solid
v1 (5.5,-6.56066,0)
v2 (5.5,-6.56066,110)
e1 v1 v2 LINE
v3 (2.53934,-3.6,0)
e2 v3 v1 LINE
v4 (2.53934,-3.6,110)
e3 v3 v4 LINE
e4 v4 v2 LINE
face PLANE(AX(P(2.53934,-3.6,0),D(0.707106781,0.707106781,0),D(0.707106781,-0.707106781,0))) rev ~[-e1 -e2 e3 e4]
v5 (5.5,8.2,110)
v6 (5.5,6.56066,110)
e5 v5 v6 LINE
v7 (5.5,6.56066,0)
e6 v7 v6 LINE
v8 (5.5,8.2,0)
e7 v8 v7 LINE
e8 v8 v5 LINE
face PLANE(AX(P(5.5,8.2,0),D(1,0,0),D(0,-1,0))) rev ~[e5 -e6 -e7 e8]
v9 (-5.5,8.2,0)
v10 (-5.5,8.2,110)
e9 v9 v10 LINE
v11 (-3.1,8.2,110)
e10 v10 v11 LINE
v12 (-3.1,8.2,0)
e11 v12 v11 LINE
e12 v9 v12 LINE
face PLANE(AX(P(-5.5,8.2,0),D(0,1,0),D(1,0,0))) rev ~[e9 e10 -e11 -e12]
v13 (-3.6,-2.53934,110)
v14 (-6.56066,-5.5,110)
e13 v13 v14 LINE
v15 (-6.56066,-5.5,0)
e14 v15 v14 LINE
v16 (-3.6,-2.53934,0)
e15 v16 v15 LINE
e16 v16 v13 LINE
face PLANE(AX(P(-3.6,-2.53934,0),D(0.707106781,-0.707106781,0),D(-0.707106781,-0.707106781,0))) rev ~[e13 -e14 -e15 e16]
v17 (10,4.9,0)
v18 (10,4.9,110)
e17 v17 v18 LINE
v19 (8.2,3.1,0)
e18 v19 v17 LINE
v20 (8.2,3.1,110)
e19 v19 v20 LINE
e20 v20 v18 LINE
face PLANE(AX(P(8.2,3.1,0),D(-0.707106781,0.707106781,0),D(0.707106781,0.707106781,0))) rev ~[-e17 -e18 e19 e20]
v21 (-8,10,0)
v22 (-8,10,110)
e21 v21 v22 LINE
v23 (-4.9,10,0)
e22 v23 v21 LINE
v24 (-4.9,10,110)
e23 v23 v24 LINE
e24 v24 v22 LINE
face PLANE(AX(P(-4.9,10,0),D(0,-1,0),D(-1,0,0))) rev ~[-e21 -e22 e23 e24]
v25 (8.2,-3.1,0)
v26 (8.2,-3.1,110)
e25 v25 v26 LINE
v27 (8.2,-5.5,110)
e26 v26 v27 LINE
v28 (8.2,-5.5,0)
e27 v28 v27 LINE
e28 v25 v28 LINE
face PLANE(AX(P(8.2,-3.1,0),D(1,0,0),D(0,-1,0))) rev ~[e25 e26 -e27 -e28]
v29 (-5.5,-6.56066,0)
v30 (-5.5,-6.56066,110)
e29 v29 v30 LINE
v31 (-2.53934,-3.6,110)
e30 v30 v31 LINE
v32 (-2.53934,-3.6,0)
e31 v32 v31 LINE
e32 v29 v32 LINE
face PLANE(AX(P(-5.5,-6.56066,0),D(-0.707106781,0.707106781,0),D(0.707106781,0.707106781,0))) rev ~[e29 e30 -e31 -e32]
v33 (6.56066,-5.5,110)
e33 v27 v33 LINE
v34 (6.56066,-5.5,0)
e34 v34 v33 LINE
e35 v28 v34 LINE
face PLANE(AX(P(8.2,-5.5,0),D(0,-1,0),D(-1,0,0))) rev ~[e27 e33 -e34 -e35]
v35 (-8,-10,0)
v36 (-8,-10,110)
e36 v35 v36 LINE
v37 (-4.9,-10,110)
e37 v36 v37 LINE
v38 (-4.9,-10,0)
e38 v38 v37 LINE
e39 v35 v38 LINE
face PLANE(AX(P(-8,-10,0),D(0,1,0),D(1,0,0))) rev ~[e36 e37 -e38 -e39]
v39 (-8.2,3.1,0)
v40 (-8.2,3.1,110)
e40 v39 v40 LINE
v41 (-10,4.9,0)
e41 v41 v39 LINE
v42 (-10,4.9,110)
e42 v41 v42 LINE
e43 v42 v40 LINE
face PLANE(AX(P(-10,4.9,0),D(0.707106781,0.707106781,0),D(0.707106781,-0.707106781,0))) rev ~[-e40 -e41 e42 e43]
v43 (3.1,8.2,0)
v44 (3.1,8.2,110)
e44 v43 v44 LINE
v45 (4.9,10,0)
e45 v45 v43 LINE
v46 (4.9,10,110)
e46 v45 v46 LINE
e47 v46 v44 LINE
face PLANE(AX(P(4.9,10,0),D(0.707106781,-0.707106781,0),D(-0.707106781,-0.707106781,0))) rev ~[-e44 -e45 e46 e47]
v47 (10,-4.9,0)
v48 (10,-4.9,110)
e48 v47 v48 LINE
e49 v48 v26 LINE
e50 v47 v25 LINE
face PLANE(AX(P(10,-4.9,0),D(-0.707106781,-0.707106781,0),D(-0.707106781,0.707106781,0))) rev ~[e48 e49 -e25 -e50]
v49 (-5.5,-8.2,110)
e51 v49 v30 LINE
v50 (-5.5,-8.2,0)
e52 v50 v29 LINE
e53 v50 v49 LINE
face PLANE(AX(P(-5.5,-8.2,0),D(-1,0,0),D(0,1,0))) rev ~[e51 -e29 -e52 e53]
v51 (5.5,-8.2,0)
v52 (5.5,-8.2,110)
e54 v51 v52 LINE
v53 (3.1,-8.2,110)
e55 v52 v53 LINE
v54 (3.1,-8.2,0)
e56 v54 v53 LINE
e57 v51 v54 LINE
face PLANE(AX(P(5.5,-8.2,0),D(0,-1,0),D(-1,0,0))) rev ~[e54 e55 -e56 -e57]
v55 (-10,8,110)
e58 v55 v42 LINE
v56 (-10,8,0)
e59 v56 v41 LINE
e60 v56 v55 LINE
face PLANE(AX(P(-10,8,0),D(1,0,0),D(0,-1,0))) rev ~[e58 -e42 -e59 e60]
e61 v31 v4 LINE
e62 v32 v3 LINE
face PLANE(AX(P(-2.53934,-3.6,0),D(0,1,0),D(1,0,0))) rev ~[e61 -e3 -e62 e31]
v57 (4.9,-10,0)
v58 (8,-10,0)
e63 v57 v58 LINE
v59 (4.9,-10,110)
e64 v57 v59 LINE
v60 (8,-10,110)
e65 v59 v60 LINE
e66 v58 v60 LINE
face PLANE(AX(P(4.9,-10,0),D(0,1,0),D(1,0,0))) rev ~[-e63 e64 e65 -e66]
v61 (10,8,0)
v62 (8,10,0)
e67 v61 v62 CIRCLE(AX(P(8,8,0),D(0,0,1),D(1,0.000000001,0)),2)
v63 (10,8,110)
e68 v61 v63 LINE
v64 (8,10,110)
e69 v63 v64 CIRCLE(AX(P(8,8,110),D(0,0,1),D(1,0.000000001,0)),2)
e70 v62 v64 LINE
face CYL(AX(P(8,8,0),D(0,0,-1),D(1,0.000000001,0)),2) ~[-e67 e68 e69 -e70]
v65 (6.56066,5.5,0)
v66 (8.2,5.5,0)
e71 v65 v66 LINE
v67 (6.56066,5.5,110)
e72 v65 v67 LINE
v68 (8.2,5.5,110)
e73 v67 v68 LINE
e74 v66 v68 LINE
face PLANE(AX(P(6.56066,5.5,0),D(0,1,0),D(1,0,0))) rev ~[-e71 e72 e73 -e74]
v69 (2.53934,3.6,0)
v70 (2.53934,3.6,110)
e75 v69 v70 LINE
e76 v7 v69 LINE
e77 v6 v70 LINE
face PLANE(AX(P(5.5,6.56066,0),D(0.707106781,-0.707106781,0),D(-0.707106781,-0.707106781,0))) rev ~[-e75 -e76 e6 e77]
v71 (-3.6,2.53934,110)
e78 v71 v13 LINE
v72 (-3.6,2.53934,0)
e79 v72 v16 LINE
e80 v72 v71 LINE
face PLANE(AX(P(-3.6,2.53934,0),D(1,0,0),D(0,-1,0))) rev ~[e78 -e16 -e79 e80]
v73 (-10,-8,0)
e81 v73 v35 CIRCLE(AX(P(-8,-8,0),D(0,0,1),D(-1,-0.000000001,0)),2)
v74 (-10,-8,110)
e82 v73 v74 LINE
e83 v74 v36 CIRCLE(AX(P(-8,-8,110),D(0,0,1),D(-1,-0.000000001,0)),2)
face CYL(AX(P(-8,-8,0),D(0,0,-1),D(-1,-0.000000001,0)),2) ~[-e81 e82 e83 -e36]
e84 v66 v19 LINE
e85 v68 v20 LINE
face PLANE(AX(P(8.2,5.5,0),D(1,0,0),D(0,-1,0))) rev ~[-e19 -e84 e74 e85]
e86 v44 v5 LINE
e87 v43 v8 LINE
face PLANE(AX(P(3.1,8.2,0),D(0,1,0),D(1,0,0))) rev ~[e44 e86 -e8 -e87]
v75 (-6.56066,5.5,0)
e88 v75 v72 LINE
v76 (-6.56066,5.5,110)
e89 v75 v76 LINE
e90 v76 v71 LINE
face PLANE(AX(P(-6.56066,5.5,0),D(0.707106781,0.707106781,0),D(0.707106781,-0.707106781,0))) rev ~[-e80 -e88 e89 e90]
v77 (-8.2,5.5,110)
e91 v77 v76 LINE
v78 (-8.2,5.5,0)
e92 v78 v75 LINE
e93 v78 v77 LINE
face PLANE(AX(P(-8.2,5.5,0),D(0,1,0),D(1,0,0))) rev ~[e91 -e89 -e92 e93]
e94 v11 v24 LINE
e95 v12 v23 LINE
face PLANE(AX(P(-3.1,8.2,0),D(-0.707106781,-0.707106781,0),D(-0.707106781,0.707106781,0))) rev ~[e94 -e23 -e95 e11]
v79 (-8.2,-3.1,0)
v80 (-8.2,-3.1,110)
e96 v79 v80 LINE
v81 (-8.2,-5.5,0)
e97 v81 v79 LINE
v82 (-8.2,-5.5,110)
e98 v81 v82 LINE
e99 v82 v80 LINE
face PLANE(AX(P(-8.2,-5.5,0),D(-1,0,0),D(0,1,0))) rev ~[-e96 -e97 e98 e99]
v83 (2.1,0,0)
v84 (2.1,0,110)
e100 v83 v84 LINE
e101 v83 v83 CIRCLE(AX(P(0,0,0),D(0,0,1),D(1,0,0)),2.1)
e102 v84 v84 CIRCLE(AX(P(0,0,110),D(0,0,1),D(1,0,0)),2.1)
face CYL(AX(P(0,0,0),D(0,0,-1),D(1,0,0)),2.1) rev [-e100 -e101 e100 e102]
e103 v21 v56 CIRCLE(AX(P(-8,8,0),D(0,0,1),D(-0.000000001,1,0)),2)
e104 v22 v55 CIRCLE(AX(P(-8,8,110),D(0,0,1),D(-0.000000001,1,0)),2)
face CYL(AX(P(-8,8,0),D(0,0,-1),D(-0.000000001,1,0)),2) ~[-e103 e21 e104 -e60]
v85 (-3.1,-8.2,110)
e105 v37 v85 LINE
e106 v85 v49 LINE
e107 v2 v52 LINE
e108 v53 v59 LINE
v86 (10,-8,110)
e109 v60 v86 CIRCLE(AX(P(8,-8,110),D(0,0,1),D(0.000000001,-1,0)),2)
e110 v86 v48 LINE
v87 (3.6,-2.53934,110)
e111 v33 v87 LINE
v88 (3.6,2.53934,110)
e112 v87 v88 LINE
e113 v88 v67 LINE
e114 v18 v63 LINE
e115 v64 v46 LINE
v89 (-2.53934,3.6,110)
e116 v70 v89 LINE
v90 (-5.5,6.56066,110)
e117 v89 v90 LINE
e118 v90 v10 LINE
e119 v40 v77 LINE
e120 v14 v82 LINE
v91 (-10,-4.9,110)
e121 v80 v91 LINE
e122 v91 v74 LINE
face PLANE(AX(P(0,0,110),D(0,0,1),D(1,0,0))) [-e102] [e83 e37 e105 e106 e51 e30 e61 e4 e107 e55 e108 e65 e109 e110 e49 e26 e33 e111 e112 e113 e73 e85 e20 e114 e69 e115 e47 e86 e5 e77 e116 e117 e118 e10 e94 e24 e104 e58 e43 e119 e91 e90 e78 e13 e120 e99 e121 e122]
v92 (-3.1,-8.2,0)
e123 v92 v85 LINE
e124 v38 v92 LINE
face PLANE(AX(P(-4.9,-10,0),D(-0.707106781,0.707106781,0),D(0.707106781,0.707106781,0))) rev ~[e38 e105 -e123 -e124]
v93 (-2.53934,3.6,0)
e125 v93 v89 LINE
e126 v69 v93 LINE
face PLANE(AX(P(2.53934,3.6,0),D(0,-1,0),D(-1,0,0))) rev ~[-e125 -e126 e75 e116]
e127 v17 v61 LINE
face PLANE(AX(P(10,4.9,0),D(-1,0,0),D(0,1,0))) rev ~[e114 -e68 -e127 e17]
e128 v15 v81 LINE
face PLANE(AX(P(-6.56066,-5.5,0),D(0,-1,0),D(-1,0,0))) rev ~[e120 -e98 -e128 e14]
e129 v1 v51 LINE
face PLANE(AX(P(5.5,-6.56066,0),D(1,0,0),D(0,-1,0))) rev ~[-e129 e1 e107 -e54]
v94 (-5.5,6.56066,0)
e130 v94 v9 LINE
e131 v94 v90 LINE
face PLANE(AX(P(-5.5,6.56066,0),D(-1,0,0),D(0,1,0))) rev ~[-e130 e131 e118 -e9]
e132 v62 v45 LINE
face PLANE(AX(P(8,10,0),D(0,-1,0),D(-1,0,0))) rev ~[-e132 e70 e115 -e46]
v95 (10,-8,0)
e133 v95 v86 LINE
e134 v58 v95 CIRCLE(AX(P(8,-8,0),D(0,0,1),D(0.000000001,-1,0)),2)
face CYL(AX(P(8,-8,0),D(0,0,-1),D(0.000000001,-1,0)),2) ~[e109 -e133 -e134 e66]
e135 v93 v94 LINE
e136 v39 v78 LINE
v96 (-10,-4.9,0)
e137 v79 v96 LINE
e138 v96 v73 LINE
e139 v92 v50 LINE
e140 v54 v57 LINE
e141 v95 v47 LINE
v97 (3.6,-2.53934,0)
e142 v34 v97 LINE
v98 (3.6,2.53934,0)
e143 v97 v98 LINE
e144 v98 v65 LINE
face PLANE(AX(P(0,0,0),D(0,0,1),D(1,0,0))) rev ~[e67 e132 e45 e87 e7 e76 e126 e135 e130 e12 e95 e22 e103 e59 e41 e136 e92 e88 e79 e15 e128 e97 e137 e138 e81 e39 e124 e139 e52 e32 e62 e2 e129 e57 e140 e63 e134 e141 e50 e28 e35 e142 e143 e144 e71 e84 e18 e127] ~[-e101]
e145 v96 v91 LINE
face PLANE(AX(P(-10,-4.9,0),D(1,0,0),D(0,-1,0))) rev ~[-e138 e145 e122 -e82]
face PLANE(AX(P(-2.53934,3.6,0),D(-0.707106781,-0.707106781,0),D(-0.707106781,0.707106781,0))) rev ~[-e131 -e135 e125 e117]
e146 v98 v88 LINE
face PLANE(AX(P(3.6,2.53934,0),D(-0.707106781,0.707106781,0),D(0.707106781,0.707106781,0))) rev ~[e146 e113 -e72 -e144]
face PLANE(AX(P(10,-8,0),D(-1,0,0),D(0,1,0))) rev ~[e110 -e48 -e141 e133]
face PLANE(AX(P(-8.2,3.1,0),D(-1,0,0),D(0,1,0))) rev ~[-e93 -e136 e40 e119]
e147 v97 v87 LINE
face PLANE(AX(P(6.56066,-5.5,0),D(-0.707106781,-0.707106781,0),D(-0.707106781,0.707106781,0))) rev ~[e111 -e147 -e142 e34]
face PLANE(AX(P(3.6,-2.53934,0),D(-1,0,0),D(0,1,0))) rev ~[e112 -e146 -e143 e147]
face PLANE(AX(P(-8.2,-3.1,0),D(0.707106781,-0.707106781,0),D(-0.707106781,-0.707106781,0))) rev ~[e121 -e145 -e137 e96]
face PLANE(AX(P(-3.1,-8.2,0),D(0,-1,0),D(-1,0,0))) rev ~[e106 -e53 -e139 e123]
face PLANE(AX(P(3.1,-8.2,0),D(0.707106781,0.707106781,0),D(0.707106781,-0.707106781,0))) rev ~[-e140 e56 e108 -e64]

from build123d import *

# Parameters (mm, degrees)
SKETCH1_R           = 2.1
BOSS_EXTRUDE1_DEPTH = 110


with BuildPart() as part:
    # Sketch1 → Boss-Extrude1 (new body)
    with BuildSketch(Plane.XY):
        with BuildLine():
            Line((-4.9, -10), (-3.1, -8.2))
            Line((-3.1, -8.2), (-5.5, -8.2))
            Line((-5.5, -8.2), (-5.5, -6.560660172))
            Line((-5.5, -6.560660172), (-2.539339828, -3.6))
            Line((-2.539339828, -3.6), (2.539339828, -3.6))
            Line((2.539339828, -3.6), (5.5, -6.560660172))
            Line((5.5, -6.560660172), (5.5, -8.2))
            Line((5.5, -8.2), (3.1, -8.2))
            Line((3.1, -8.2), (4.9, -10))
            Line((4.9, -10), (8, -10))
            ThreePointArc((8, -10), (9.414213562, -9.414213562), (10, -8))
            Line((10, -8), (10, -4.9))
            Line((10, -4.9), (8.2, -3.1))
            Line((8.2, -3.1), (8.2, -5.5))
            Line((8.2, -5.5), (6.560660172, -5.5))
            Line((6.560660172, -5.5), (3.6, -2.539339828))
            Line((3.6, -2.539339828), (3.6, 2.539339828))
            Line((3.6, 2.539339828), (6.560660172, 5.5))
            Line((6.560660172, 5.5), (8.2, 5.5))
            Line((8.2, 5.5), (8.2, 3.1))
            Line((8.2, 3.1), (10, 4.9))
            Line((10, 4.9), (10, 8))
            ThreePointArc((10, 8), (9.414213562, 9.414213562), (8, 10))
            Line((8, 10), (4.9, 10))
            Line((4.9, 10), (3.1, 8.2))
            Line((3.1, 8.2), (5.5, 8.2))
            Line((5.5, 8.2), (5.5, 6.560660172))
            Line((5.5, 6.560660172), (2.539339828, 3.6))
            Line((2.539339828, 3.6), (-2.539339828, 3.6))
            Line((-2.539339828, 3.6), (-5.5, 6.560660172))
            Line((-5.5, 6.560660172), (-5.5, 8.2))
            Line((-5.5, 8.2), (-3.1, 8.2))
            Line((-3.1, 8.2), (-4.9, 10))
            Line((-4.9, 10), (-8, 10))
            ThreePointArc((-8, 10), (-9.414213562, 9.414213562), (-10, 8))
            Line((-10, 8), (-10, 4.9))
            Line((-10, 4.9), (-8.2, 3.1))
            Line((-8.2, 3.1), (-8.2, 5.5))
            Line((-8.2, 5.5), (-6.560660172, 5.5))
            Line((-6.560660172, 5.5), (-3.6, 2.539339828))
            Line((-3.6, 2.539339828), (-3.6, -2.539339828))
            Line((-3.6, -2.539339828), (-6.560660172, -5.5))
            Line((-6.560660172, -5.5), (-8.2, -5.5))
            Line((-8.2, -5.5), (-8.2, -3.1))
            Line((-8.2, -3.1), (-10, -4.9))
            Line((-10, -4.9), (-10, -8))
            ThreePointArc((-10, -8), (-9.414213562, -9.414213562), (-8, -10))
            Line((-8, -10), (-4.9, -10))
        make_face()
        Circle(SKETCH1_R, mode=Mode.SUBTRACT)
    extrude(amount=BOSS_EXTRUDE1_DEPTH)


solid = part.part
